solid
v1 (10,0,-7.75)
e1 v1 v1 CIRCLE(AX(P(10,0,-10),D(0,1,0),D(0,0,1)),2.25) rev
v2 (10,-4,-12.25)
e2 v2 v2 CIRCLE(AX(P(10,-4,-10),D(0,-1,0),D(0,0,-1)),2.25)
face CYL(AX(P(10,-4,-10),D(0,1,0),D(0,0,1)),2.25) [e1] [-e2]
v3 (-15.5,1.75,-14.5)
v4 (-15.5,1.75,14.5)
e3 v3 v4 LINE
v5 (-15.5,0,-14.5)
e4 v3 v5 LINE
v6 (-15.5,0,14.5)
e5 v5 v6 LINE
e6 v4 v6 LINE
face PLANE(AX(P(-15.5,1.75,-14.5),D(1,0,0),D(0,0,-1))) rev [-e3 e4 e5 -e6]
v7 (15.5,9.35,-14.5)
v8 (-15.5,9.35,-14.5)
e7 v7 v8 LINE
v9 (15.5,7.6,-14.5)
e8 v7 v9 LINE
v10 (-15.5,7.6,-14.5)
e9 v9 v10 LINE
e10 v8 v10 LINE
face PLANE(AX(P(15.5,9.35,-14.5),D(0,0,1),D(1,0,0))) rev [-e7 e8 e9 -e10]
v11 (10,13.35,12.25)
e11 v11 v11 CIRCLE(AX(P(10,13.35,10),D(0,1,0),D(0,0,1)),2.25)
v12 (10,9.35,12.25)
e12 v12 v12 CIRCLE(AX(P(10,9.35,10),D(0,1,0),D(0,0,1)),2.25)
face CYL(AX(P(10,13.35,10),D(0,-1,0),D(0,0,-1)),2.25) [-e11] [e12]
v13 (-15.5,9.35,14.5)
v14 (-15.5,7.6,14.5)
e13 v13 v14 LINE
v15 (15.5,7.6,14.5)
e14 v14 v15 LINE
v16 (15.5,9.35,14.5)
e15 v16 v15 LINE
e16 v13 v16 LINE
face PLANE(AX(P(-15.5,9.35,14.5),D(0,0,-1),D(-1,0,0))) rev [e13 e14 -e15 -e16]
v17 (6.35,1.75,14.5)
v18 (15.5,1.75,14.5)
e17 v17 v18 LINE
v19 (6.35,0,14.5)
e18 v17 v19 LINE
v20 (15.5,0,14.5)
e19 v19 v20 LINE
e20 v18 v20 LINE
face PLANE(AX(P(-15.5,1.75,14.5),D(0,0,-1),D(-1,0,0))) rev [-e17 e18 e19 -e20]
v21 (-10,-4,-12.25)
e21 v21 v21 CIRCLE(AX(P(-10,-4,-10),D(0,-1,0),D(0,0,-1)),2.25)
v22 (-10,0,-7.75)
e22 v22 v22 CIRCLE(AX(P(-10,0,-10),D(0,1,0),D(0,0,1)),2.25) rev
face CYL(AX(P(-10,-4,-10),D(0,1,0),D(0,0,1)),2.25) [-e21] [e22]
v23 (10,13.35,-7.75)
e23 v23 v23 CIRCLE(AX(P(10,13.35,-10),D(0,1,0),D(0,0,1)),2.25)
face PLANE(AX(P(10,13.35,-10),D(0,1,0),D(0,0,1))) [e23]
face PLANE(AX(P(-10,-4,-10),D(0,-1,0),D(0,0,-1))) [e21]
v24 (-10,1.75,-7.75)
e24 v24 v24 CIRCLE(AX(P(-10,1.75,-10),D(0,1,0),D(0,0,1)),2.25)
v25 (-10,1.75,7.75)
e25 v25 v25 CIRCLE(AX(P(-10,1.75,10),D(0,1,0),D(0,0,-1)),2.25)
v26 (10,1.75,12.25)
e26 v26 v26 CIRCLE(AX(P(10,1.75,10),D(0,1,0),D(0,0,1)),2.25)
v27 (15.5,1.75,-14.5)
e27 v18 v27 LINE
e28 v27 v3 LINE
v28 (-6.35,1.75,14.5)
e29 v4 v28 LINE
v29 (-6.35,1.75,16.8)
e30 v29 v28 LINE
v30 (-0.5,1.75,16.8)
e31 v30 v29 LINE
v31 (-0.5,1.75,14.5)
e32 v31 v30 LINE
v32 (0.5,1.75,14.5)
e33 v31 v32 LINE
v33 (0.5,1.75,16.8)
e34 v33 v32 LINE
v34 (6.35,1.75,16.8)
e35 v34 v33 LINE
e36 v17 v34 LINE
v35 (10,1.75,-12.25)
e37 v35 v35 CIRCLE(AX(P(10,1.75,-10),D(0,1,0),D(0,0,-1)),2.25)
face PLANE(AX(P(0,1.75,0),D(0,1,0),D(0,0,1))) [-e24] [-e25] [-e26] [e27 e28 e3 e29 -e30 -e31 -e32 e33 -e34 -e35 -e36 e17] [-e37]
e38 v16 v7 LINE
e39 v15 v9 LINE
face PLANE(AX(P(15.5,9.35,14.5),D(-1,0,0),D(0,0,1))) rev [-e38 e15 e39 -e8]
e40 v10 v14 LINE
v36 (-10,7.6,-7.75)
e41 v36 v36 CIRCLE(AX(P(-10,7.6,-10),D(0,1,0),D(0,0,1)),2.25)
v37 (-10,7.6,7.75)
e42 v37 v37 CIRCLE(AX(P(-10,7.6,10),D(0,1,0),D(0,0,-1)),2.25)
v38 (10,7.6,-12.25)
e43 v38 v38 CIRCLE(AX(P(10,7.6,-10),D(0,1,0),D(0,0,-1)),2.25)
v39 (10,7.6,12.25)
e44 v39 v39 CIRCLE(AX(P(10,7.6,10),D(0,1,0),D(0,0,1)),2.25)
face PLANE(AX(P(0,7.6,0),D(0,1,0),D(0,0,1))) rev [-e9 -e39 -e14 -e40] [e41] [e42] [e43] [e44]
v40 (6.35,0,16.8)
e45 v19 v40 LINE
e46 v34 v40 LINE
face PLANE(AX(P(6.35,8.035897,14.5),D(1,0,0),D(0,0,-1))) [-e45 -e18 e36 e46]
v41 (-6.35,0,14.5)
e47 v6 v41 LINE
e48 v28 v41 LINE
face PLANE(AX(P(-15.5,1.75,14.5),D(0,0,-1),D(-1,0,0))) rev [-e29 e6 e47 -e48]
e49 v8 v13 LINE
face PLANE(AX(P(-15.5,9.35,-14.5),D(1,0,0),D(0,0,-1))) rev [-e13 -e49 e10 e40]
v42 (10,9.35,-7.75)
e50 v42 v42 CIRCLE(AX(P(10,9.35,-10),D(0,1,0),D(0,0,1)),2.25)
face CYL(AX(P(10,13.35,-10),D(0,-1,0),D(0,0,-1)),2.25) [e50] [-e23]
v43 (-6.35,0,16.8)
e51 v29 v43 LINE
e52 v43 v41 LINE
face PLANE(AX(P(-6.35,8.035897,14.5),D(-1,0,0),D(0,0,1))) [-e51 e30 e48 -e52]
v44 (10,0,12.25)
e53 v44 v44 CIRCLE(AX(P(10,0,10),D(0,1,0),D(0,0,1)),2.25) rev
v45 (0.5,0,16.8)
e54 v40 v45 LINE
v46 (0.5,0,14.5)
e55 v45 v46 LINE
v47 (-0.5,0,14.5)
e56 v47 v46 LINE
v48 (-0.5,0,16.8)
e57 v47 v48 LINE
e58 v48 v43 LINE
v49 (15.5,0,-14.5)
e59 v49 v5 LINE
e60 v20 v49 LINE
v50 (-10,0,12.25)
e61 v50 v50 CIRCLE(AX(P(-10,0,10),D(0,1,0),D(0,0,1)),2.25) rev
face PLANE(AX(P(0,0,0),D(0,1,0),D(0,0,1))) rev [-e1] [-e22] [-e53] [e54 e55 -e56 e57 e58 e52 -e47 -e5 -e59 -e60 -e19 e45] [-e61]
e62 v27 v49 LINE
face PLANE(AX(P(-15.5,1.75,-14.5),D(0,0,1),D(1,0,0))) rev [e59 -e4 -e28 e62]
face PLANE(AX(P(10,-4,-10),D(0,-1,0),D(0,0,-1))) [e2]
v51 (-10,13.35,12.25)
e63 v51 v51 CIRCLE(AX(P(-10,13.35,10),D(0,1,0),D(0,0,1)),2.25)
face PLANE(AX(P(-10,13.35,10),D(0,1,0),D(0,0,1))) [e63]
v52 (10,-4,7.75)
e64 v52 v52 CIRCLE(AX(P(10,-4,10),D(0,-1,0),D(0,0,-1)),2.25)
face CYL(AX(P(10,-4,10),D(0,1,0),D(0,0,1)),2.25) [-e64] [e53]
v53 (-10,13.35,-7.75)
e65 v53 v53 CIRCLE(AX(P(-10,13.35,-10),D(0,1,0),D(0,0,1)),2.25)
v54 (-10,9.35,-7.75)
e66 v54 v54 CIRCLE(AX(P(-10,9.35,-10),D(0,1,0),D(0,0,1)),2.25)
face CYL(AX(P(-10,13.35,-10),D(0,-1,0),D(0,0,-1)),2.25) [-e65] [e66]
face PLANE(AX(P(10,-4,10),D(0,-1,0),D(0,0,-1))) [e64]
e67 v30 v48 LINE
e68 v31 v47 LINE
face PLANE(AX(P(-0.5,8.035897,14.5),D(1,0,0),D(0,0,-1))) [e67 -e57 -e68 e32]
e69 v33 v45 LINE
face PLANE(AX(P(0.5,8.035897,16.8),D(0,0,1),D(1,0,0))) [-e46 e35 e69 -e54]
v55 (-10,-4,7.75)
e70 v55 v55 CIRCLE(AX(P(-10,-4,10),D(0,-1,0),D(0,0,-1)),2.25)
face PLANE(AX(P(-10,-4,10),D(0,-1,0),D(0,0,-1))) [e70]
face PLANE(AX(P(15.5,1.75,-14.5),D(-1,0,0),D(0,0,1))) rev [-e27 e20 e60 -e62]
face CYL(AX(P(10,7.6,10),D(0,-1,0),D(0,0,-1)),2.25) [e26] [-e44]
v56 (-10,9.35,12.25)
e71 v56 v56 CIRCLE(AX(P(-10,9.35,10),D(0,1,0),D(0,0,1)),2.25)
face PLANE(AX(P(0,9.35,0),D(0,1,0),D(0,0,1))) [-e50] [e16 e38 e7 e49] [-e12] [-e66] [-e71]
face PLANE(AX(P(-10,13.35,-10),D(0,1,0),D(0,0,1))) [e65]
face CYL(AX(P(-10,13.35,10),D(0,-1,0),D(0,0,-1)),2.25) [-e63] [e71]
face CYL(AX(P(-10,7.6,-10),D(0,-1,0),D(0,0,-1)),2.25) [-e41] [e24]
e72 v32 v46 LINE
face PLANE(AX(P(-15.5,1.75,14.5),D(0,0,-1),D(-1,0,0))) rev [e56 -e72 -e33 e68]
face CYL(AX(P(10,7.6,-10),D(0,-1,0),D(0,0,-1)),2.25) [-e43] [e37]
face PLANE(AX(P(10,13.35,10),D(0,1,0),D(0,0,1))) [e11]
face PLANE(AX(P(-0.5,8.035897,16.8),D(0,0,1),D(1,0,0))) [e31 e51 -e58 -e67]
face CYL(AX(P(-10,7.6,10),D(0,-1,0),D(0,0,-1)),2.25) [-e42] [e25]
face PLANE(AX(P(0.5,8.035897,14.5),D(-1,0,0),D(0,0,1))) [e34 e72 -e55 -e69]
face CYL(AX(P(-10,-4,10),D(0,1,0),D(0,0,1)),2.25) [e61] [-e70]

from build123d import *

# Parameters (mm, degrees)
SKETCH1_W           = 31
SKETCH1_H           = 29
BOSS_EXTRUDE1_DEPTH = 1.75
SKETCH2_R           = 2.25
BOSS_EXTRUDE2_DEPTH = 5.85
SKETCH3_W           = 31
SKETCH3_H           = 29
BOSS_EXTRUDE3_DEPTH = 1.75
SKETCH4_R           = 2.25
BOSS_EXTRUDE4_DEPTH = 4
SKETCH5_R           = 2.25
BOSS_EXTRUDE5_DEPTH = 4
SKETCH6_W           = 5.85
SKETCH6_H           = 2.3
BOSS_EXTRUDE6_DEPTH = 1.75


with BuildPart() as part:
    # Sketch1 → Boss-Extrude1 (new body)
    with BuildSketch(Plane(origin=(0, 0, 0), x_dir=(1, 0, 0), z_dir=(0, 1, 0))):
        Rectangle(SKETCH1_W, SKETCH1_H)
    extrude(amount=BOSS_EXTRUDE1_DEPTH)

    # Sketch2 → Boss-Extrude2 (add)
    with BuildSketch(Plane(origin=(0, 1.75, 0), x_dir=(1, 0, 0), z_dir=(0, 1, 0))):
        with Locations((-10, 10)):
            Circle(SKETCH2_R)
        with Locations((10, 10)):
            Circle(SKETCH2_R)
        with Locations((10, -10)):
            Circle(SKETCH2_R)
        with Locations((-10, -10)):
            Circle(SKETCH2_R)
    extrude(amount=BOSS_EXTRUDE2_DEPTH)

    # Sketch3 → Boss-Extrude3 (add)
    with BuildSketch(Plane(origin=(0, 7.6, 0), x_dir=(1, 0, 0), z_dir=(0, 1, 0))):
        Rectangle(SKETCH3_W, SKETCH3_H)
    extrude(amount=BOSS_EXTRUDE3_DEPTH)

    # Sketch4 → Boss-Extrude4 (add)
    with BuildSketch(Plane(origin=(0, 9.35, 0), x_dir=(1, 0, 0), z_dir=(0, 1, 0))):
        with Locations((-10, 10)):
            Circle(SKETCH4_R)
        with Locations((10, 10)):
            Circle(SKETCH4_R)
        with Locations((10, -10)):
            Circle(SKETCH4_R)
        with Locations((-10, -10)):
            Circle(SKETCH4_R)
    extrude(amount=BOSS_EXTRUDE4_DEPTH)

    # Sketch5 → Boss-Extrude5 (add)
    with BuildSketch(Plane.XZ):
        with Locations((10, 10)):
            Circle(SKETCH5_R)
        with Locations((10, -10)):
            Circle(SKETCH5_R)
        with Locations((-10, -10)):
            Circle(SKETCH5_R)
        with Locations((-10, 10)):
            Circle(SKETCH5_R)
    extrude(amount=BOSS_EXTRUDE5_DEPTH)

    # Sketch6 → Boss-Extrude6 (add)
    with BuildSketch(Plane.XZ):
        with Locations((3.425, 15.65)):
            Rectangle(SKETCH6_W, SKETCH6_H)
        with Locations((-3.425, 15.65)):
            Rectangle(SKETCH6_W, SKETCH6_H)
    extrude(amount=-BOSS_EXTRUDE6_DEPTH)


solid = part.part
